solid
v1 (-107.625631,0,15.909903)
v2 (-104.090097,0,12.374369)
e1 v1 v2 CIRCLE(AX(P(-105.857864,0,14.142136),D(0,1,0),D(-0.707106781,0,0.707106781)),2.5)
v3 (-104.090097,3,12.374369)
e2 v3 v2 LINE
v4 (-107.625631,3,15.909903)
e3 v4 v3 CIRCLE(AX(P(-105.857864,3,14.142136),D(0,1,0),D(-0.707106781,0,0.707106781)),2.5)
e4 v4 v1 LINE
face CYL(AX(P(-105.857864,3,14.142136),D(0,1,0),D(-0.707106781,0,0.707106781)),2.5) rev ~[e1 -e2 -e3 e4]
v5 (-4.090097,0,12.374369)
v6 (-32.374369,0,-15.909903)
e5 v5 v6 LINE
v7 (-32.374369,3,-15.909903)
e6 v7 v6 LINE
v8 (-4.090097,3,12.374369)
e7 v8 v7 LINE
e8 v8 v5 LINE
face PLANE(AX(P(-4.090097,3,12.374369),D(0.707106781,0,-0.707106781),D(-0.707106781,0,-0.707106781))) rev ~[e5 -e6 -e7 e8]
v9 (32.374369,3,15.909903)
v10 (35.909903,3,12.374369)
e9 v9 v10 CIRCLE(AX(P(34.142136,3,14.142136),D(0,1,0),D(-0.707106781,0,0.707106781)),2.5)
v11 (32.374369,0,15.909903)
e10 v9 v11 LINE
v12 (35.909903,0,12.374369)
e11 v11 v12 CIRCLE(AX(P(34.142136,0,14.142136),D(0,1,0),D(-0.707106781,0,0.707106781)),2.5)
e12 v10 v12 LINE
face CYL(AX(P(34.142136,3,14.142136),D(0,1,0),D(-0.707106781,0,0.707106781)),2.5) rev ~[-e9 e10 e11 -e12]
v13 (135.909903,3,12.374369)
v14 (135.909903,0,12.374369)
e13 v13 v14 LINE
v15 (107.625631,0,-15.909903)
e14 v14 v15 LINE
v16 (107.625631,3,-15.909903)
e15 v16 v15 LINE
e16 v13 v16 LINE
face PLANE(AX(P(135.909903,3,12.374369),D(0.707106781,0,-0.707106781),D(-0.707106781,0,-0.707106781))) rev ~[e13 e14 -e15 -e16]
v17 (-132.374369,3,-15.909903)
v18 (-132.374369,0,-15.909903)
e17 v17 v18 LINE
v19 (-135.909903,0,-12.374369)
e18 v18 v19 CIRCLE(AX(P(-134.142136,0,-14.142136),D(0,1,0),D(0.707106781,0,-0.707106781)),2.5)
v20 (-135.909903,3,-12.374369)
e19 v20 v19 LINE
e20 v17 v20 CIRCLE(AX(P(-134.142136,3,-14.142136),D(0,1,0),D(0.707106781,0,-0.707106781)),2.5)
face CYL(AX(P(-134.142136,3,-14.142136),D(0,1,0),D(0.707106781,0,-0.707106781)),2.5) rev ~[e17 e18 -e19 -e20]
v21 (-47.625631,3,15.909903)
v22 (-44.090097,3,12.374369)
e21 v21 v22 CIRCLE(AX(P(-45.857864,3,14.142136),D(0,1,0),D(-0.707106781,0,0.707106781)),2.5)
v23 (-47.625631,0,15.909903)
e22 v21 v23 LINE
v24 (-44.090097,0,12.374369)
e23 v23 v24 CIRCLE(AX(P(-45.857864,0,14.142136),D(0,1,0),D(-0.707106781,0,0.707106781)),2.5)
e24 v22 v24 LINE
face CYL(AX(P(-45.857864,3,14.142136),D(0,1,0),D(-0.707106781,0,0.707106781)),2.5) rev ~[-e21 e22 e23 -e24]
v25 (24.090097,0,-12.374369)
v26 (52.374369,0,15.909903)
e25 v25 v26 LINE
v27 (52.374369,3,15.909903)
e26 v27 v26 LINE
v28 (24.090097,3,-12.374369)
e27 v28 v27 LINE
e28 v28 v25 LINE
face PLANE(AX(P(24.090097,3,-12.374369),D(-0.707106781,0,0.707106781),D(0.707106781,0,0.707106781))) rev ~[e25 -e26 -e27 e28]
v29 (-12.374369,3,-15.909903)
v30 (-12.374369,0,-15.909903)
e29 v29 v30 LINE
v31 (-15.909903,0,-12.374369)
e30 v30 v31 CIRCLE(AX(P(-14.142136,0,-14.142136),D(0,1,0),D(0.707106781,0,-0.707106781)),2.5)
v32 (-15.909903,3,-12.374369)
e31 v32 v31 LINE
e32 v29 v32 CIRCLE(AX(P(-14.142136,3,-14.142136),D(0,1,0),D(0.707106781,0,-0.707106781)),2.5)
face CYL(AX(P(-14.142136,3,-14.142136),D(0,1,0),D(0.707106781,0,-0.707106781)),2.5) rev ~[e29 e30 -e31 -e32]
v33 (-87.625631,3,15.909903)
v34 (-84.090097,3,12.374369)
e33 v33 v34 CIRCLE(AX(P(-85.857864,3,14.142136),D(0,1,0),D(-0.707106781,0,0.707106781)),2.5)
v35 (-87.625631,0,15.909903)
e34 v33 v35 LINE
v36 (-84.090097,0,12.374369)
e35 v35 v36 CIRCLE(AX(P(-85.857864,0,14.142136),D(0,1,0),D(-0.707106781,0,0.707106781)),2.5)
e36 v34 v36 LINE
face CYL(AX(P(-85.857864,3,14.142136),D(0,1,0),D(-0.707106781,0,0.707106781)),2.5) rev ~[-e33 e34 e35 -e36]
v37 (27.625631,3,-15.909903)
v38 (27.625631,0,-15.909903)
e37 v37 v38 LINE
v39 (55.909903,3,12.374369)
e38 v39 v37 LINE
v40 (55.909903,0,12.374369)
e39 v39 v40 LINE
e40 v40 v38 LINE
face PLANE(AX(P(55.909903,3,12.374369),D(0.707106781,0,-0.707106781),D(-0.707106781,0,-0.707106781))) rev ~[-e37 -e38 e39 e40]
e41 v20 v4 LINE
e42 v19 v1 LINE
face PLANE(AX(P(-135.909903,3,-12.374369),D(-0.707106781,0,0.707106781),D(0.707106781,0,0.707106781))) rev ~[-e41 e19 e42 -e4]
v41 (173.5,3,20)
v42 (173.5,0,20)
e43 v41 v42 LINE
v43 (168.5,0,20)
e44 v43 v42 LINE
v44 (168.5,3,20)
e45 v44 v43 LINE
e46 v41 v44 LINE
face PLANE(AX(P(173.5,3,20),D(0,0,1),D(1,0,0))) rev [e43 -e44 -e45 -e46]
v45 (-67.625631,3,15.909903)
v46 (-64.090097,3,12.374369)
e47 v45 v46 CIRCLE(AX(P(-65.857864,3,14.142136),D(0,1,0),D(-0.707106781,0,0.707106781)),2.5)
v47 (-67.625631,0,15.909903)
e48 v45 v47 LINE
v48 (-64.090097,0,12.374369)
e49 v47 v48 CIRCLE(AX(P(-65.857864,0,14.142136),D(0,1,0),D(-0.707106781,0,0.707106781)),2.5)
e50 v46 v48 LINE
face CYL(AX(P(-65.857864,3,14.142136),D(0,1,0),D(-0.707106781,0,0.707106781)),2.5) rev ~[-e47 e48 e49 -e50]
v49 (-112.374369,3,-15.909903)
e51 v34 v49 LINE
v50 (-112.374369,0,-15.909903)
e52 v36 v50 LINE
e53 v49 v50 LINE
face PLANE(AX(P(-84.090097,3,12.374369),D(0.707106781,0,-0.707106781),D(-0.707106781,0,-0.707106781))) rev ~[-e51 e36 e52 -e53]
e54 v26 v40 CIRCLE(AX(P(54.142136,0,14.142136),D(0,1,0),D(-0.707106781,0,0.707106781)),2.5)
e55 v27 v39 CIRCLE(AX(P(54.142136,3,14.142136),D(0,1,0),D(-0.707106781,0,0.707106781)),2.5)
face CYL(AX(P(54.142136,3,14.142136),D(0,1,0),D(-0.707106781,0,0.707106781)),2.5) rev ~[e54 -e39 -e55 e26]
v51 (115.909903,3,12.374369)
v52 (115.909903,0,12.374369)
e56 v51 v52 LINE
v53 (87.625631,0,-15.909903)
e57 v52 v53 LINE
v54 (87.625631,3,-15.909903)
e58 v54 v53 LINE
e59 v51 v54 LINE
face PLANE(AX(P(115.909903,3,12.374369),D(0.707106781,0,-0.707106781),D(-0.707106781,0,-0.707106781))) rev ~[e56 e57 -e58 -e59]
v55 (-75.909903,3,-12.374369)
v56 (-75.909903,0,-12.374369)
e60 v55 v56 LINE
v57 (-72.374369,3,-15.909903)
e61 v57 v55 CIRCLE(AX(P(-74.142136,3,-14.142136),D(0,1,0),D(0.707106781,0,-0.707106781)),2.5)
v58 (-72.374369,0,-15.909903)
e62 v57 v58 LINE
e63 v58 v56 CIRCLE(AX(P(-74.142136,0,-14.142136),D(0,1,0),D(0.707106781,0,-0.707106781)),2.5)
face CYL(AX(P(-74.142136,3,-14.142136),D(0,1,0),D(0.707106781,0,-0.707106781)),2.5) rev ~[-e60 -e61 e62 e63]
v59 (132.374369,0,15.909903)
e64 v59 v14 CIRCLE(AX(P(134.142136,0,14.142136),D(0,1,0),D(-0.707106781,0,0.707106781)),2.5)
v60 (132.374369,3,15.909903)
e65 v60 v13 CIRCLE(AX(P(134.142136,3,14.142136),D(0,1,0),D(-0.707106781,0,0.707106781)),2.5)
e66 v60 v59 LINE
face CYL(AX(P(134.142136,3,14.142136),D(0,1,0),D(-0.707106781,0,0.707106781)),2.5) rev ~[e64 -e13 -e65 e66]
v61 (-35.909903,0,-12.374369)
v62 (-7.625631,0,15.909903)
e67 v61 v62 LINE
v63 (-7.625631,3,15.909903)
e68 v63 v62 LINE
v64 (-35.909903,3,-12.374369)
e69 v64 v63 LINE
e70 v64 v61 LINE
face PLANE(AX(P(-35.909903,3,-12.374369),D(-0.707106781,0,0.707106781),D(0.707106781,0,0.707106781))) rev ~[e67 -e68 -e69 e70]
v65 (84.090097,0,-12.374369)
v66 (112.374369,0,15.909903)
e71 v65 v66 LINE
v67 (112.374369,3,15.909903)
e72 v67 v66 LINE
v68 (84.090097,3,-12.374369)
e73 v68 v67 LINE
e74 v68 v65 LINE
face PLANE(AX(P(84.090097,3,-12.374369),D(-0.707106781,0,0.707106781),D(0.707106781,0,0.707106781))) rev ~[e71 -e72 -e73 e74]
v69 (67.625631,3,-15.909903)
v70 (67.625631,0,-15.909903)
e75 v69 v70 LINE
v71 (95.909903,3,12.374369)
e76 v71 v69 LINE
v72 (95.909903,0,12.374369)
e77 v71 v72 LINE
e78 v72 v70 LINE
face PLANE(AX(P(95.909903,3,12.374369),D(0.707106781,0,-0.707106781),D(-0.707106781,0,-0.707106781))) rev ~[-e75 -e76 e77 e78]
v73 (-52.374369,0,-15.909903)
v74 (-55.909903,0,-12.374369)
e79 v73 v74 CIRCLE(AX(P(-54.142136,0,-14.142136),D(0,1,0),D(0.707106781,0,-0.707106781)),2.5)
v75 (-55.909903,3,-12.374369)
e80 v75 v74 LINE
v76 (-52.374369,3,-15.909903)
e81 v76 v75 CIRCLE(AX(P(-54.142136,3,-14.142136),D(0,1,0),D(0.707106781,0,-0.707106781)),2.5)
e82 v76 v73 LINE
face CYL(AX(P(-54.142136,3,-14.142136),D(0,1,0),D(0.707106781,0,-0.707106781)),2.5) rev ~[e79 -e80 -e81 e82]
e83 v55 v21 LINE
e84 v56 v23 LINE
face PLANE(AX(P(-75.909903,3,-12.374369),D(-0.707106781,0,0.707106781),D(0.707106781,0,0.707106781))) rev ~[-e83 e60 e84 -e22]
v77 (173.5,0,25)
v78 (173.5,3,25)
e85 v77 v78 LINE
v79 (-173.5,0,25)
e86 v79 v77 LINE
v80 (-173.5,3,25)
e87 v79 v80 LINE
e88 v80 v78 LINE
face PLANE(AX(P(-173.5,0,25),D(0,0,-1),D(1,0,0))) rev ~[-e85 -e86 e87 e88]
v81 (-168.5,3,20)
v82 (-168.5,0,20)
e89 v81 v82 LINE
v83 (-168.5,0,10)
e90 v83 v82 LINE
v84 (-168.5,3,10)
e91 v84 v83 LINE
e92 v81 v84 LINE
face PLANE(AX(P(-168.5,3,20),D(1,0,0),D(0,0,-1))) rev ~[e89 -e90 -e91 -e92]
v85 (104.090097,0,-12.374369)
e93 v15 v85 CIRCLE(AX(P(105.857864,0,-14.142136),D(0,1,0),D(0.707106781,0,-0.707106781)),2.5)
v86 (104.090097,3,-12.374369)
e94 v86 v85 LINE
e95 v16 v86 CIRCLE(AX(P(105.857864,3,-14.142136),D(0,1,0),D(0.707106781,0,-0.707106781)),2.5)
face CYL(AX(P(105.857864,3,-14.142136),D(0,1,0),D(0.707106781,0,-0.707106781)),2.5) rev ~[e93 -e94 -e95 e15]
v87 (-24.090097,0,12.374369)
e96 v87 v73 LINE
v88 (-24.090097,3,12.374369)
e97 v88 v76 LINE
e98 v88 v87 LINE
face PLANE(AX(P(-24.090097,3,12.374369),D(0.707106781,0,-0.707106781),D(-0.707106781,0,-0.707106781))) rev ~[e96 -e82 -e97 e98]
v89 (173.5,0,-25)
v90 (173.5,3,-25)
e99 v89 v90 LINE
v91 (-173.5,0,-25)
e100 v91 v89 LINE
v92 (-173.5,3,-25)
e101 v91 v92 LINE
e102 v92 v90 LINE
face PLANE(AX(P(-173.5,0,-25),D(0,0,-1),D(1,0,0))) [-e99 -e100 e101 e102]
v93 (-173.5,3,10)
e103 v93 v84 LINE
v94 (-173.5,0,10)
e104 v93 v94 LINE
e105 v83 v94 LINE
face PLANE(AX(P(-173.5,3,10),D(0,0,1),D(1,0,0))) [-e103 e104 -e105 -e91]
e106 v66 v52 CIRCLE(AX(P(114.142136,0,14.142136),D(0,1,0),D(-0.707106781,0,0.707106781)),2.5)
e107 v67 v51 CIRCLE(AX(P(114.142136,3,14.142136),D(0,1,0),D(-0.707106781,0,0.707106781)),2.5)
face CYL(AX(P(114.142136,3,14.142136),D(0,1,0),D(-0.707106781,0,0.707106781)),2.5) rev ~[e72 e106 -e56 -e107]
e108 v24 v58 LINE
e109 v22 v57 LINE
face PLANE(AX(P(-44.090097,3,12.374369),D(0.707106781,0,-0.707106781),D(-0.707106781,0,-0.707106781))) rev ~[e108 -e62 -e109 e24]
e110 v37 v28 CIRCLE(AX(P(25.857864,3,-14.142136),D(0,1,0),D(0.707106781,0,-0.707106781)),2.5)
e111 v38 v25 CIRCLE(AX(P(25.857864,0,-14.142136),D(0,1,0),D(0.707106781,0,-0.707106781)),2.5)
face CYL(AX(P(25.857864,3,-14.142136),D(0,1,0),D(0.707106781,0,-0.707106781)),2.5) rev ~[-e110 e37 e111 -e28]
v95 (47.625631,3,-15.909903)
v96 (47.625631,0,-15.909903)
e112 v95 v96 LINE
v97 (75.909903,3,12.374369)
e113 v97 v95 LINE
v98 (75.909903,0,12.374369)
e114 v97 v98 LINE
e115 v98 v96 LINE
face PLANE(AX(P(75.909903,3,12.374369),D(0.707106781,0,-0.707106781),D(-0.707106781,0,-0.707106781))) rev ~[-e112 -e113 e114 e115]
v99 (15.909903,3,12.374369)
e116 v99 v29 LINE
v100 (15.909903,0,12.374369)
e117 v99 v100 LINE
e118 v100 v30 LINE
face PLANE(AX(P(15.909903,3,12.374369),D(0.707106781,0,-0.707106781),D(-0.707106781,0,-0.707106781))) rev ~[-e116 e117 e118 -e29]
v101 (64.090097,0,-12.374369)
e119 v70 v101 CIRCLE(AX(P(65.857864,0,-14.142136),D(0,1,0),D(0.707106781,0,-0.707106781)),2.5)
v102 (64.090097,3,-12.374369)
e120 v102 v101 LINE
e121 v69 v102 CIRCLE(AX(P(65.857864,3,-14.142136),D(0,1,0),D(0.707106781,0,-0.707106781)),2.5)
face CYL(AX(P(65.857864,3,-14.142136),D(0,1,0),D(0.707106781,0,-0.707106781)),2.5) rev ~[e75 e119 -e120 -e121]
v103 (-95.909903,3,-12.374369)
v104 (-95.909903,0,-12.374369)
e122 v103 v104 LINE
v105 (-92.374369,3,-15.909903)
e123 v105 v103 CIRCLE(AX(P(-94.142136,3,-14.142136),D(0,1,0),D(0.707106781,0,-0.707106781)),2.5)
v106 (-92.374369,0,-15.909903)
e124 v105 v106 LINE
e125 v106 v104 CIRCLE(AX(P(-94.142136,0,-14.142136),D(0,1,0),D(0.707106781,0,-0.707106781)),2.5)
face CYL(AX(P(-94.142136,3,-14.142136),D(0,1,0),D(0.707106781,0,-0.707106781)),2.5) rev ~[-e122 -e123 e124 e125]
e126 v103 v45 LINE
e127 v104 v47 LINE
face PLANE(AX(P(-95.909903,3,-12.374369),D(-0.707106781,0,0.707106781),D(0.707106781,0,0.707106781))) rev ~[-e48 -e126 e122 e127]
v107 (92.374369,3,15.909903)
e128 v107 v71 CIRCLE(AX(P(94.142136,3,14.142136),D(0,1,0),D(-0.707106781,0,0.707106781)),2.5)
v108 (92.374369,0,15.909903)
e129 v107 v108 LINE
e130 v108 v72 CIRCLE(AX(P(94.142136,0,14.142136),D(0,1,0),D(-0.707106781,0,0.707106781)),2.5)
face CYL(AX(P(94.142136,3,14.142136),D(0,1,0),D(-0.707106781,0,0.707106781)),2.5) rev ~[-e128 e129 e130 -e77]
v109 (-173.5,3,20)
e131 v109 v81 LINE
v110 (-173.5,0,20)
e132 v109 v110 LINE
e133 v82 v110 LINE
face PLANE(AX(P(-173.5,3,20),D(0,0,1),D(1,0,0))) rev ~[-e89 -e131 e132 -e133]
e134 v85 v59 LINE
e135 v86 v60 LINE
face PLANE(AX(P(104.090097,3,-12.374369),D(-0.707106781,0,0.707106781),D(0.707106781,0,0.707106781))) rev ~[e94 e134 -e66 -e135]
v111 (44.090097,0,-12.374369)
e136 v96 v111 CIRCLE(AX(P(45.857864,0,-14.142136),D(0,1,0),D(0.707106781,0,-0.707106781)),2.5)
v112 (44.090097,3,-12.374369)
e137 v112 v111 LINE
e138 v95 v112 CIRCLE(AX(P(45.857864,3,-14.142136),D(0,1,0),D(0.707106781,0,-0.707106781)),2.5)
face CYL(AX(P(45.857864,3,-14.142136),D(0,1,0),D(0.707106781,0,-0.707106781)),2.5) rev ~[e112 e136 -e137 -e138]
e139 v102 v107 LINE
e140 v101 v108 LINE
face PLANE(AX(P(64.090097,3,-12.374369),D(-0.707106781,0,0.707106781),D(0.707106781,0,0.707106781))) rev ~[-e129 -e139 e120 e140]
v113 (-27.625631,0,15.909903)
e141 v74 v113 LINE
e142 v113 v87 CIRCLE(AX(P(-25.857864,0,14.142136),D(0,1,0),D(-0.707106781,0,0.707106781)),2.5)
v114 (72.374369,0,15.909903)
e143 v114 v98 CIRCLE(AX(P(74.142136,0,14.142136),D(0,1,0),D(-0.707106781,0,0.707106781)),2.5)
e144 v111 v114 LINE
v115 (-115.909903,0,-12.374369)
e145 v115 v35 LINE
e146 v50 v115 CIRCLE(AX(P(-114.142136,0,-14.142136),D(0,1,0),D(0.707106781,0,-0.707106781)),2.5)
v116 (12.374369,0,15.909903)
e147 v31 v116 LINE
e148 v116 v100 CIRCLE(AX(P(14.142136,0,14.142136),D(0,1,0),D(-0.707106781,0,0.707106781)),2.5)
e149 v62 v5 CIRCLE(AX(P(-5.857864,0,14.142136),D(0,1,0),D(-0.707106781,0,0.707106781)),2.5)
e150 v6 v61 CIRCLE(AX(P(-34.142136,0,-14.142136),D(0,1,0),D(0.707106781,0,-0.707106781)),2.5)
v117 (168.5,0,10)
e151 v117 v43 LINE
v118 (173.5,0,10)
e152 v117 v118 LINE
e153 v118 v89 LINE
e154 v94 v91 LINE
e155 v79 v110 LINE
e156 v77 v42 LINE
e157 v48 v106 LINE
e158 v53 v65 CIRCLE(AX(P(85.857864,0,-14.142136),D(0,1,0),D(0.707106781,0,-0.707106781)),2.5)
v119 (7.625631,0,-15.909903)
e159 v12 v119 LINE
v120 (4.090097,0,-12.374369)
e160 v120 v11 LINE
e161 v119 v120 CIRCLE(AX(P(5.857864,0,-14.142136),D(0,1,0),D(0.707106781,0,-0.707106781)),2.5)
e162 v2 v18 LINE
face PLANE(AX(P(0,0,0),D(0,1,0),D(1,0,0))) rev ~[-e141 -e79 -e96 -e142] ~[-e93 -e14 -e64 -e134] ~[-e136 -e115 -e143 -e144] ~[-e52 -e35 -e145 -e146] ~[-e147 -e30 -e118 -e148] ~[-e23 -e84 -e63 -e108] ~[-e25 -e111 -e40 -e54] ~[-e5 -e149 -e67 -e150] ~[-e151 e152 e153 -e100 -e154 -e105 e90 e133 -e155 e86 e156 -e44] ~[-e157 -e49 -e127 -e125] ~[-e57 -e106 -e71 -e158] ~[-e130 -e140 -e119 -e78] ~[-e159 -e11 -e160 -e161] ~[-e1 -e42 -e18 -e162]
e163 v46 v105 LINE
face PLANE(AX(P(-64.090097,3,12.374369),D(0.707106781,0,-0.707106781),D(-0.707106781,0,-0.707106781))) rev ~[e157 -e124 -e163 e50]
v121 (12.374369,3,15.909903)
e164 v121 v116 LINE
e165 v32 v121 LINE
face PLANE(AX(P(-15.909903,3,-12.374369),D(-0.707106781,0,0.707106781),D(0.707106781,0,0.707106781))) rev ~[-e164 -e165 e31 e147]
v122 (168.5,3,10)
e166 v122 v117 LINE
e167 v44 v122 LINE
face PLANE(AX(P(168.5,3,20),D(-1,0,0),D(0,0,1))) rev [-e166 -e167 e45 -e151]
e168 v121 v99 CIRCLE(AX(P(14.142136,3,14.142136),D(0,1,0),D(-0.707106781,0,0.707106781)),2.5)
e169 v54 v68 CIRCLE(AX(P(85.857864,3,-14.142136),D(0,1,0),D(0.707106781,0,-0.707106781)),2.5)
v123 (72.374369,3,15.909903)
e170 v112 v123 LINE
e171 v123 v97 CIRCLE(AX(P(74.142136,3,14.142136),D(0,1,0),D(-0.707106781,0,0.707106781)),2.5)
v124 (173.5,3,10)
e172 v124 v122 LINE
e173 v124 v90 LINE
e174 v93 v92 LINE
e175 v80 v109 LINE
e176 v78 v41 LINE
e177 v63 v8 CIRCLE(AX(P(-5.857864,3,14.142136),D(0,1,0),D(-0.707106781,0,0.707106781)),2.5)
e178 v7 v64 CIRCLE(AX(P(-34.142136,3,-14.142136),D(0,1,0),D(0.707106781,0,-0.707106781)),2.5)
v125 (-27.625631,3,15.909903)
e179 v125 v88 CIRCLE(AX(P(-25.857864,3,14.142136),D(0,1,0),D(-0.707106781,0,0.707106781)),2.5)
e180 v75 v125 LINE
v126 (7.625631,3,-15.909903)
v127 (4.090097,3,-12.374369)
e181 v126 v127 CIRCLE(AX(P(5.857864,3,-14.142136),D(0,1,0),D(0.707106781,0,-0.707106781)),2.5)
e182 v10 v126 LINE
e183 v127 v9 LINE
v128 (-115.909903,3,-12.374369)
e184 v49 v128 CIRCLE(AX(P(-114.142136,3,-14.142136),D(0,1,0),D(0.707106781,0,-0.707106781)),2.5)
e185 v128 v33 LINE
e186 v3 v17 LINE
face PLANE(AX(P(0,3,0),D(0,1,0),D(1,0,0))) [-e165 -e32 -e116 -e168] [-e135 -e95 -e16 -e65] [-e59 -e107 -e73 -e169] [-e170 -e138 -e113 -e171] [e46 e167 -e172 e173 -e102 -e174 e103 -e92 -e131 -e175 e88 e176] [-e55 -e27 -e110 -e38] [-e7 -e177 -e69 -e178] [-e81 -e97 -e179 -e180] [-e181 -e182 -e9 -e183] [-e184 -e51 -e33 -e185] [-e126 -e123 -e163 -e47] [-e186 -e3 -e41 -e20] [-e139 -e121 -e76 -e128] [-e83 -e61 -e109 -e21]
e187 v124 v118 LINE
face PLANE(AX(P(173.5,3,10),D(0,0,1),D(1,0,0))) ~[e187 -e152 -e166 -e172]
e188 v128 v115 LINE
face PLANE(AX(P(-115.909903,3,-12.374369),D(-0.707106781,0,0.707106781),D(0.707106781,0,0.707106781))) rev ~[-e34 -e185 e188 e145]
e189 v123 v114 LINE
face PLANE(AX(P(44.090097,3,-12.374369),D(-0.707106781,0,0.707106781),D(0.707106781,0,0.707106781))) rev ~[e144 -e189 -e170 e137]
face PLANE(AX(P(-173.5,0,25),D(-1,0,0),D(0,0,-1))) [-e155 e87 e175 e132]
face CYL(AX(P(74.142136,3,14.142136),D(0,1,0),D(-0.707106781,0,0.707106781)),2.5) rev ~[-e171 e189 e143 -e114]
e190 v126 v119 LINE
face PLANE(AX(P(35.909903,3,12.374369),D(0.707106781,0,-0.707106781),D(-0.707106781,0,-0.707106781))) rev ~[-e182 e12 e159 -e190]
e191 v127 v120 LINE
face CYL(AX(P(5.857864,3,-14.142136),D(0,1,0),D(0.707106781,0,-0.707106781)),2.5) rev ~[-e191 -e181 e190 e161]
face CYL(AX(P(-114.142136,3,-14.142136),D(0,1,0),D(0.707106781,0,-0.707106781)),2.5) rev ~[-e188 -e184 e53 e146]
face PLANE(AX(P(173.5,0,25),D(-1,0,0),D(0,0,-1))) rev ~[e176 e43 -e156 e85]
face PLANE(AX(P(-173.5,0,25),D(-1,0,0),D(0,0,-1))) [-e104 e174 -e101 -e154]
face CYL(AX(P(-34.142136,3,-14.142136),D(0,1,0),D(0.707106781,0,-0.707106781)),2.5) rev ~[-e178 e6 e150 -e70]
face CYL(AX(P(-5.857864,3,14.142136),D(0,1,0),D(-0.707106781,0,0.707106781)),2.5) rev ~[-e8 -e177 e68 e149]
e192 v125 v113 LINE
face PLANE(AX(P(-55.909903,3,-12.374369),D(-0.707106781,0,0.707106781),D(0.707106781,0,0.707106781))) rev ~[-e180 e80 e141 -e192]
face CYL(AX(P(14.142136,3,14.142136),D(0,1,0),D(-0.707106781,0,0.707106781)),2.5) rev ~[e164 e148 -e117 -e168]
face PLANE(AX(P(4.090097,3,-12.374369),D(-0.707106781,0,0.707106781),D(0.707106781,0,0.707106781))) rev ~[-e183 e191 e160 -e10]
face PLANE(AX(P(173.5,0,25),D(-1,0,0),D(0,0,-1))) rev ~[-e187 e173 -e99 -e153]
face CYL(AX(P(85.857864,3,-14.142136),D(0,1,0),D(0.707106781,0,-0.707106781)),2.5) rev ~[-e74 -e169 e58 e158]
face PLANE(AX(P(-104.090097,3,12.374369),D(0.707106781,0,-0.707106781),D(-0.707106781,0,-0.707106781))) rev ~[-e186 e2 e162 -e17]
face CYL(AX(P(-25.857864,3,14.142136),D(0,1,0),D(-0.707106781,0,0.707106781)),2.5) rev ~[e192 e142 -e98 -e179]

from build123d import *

# Parameters (mm, degrees)
SKETCH1_W           = 347
SKETCH1_H           = 50
EXTRUDE1_DEPTH      = 3
EXTRUDE2_DEPTH      = 176.317569
LPATTERN1_COUNT     = 7
LPATTERN1_PITCH     = 20
LPATTERN1_COL_COUNT = 7
LPATTERN1_COL_PITCH = 20
EXTRUDE3_REACH      = 177.318
SKETCH3_W           = 5
SKETCH3_H           = 10


with BuildPart() as part:
    # Sketch1 → Extrude1 (new body)
    with BuildSketch(Plane(origin=(0, 0, 0), x_dir=(1, 0, 0), z_dir=(0, 1, 0))):
        Rectangle(SKETCH1_W, SKETCH1_H)
    extrude(amount=EXTRUDE1_DEPTH)

    # Sketch2 → Extrude2 (cut, through all)
    with BuildSketch(Plane(origin=(0, 3, 0), x_dir=(1, 0, 0), z_dir=(0, 1, 0))):
        with BuildLine():
            Line((15.909902577, -12.374368671), (-12.374368671, 15.909902577))
            ThreePointArc((-12.374368671, 15.909902577), (-15.909902577, 15.909902577), (-15.909902577, 12.374368671))
            Line((-15.909902577, 12.374368671), (12.374368671, -15.909902577))
            ThreePointArc((12.374368671, -15.909902577), (15.909902577, -15.909902577), (15.909902577, -12.374368671))
        make_face()
    extrude2 = extrude(amount=-EXTRUDE2_DEPTH, mode=Mode.SUBTRACT)

    # LPattern1: Extrude2 ×7
    with Locations(*[(i * LPATTERN1_PITCH, 0, 0) for i in range(1, LPATTERN1_COUNT)]):
        add(extrude2, mode=Mode.SUBTRACT)

    # LPattern1 col: Extrude2 ×7
    with Locations(*[(-i * LPATTERN1_COL_PITCH, 0, 0) for i in range(1, LPATTERN1_COL_COUNT)]):
        add(extrude2, mode=Mode.SUBTRACT)

    # Sketch3 → Extrude3 (cut, up to next)
    with BuildSketch(Plane(origin=(0, 3, 0), x_dir=(1, 0, 0), z_dir=(0, 1, 0)), mode=Mode.PRIVATE) as extrude3_sk1:
        with Locations((-171, -15)):
            Rectangle(SKETCH3_W, SKETCH3_H)
    extrude3_tool1 = extrude(extrude3_sk1.sketch, amount=-EXTRUDE3_REACH, mode=Mode.PRIVATE) & part.part
    extrude3 = extrude3_tool1.solids().sort_by_distance((-171, 3, 15))[0]
    add(extrude3, mode=Mode.SUBTRACT)

    # Mirror1: Extrude3 across plane
    add(extrude3.mirror(Plane(origin=(0, 0, 0), x_dir=(0, 0, 1), z_dir=(1, 0, 0))), mode=Mode.SUBTRACT)


solid = part.part
